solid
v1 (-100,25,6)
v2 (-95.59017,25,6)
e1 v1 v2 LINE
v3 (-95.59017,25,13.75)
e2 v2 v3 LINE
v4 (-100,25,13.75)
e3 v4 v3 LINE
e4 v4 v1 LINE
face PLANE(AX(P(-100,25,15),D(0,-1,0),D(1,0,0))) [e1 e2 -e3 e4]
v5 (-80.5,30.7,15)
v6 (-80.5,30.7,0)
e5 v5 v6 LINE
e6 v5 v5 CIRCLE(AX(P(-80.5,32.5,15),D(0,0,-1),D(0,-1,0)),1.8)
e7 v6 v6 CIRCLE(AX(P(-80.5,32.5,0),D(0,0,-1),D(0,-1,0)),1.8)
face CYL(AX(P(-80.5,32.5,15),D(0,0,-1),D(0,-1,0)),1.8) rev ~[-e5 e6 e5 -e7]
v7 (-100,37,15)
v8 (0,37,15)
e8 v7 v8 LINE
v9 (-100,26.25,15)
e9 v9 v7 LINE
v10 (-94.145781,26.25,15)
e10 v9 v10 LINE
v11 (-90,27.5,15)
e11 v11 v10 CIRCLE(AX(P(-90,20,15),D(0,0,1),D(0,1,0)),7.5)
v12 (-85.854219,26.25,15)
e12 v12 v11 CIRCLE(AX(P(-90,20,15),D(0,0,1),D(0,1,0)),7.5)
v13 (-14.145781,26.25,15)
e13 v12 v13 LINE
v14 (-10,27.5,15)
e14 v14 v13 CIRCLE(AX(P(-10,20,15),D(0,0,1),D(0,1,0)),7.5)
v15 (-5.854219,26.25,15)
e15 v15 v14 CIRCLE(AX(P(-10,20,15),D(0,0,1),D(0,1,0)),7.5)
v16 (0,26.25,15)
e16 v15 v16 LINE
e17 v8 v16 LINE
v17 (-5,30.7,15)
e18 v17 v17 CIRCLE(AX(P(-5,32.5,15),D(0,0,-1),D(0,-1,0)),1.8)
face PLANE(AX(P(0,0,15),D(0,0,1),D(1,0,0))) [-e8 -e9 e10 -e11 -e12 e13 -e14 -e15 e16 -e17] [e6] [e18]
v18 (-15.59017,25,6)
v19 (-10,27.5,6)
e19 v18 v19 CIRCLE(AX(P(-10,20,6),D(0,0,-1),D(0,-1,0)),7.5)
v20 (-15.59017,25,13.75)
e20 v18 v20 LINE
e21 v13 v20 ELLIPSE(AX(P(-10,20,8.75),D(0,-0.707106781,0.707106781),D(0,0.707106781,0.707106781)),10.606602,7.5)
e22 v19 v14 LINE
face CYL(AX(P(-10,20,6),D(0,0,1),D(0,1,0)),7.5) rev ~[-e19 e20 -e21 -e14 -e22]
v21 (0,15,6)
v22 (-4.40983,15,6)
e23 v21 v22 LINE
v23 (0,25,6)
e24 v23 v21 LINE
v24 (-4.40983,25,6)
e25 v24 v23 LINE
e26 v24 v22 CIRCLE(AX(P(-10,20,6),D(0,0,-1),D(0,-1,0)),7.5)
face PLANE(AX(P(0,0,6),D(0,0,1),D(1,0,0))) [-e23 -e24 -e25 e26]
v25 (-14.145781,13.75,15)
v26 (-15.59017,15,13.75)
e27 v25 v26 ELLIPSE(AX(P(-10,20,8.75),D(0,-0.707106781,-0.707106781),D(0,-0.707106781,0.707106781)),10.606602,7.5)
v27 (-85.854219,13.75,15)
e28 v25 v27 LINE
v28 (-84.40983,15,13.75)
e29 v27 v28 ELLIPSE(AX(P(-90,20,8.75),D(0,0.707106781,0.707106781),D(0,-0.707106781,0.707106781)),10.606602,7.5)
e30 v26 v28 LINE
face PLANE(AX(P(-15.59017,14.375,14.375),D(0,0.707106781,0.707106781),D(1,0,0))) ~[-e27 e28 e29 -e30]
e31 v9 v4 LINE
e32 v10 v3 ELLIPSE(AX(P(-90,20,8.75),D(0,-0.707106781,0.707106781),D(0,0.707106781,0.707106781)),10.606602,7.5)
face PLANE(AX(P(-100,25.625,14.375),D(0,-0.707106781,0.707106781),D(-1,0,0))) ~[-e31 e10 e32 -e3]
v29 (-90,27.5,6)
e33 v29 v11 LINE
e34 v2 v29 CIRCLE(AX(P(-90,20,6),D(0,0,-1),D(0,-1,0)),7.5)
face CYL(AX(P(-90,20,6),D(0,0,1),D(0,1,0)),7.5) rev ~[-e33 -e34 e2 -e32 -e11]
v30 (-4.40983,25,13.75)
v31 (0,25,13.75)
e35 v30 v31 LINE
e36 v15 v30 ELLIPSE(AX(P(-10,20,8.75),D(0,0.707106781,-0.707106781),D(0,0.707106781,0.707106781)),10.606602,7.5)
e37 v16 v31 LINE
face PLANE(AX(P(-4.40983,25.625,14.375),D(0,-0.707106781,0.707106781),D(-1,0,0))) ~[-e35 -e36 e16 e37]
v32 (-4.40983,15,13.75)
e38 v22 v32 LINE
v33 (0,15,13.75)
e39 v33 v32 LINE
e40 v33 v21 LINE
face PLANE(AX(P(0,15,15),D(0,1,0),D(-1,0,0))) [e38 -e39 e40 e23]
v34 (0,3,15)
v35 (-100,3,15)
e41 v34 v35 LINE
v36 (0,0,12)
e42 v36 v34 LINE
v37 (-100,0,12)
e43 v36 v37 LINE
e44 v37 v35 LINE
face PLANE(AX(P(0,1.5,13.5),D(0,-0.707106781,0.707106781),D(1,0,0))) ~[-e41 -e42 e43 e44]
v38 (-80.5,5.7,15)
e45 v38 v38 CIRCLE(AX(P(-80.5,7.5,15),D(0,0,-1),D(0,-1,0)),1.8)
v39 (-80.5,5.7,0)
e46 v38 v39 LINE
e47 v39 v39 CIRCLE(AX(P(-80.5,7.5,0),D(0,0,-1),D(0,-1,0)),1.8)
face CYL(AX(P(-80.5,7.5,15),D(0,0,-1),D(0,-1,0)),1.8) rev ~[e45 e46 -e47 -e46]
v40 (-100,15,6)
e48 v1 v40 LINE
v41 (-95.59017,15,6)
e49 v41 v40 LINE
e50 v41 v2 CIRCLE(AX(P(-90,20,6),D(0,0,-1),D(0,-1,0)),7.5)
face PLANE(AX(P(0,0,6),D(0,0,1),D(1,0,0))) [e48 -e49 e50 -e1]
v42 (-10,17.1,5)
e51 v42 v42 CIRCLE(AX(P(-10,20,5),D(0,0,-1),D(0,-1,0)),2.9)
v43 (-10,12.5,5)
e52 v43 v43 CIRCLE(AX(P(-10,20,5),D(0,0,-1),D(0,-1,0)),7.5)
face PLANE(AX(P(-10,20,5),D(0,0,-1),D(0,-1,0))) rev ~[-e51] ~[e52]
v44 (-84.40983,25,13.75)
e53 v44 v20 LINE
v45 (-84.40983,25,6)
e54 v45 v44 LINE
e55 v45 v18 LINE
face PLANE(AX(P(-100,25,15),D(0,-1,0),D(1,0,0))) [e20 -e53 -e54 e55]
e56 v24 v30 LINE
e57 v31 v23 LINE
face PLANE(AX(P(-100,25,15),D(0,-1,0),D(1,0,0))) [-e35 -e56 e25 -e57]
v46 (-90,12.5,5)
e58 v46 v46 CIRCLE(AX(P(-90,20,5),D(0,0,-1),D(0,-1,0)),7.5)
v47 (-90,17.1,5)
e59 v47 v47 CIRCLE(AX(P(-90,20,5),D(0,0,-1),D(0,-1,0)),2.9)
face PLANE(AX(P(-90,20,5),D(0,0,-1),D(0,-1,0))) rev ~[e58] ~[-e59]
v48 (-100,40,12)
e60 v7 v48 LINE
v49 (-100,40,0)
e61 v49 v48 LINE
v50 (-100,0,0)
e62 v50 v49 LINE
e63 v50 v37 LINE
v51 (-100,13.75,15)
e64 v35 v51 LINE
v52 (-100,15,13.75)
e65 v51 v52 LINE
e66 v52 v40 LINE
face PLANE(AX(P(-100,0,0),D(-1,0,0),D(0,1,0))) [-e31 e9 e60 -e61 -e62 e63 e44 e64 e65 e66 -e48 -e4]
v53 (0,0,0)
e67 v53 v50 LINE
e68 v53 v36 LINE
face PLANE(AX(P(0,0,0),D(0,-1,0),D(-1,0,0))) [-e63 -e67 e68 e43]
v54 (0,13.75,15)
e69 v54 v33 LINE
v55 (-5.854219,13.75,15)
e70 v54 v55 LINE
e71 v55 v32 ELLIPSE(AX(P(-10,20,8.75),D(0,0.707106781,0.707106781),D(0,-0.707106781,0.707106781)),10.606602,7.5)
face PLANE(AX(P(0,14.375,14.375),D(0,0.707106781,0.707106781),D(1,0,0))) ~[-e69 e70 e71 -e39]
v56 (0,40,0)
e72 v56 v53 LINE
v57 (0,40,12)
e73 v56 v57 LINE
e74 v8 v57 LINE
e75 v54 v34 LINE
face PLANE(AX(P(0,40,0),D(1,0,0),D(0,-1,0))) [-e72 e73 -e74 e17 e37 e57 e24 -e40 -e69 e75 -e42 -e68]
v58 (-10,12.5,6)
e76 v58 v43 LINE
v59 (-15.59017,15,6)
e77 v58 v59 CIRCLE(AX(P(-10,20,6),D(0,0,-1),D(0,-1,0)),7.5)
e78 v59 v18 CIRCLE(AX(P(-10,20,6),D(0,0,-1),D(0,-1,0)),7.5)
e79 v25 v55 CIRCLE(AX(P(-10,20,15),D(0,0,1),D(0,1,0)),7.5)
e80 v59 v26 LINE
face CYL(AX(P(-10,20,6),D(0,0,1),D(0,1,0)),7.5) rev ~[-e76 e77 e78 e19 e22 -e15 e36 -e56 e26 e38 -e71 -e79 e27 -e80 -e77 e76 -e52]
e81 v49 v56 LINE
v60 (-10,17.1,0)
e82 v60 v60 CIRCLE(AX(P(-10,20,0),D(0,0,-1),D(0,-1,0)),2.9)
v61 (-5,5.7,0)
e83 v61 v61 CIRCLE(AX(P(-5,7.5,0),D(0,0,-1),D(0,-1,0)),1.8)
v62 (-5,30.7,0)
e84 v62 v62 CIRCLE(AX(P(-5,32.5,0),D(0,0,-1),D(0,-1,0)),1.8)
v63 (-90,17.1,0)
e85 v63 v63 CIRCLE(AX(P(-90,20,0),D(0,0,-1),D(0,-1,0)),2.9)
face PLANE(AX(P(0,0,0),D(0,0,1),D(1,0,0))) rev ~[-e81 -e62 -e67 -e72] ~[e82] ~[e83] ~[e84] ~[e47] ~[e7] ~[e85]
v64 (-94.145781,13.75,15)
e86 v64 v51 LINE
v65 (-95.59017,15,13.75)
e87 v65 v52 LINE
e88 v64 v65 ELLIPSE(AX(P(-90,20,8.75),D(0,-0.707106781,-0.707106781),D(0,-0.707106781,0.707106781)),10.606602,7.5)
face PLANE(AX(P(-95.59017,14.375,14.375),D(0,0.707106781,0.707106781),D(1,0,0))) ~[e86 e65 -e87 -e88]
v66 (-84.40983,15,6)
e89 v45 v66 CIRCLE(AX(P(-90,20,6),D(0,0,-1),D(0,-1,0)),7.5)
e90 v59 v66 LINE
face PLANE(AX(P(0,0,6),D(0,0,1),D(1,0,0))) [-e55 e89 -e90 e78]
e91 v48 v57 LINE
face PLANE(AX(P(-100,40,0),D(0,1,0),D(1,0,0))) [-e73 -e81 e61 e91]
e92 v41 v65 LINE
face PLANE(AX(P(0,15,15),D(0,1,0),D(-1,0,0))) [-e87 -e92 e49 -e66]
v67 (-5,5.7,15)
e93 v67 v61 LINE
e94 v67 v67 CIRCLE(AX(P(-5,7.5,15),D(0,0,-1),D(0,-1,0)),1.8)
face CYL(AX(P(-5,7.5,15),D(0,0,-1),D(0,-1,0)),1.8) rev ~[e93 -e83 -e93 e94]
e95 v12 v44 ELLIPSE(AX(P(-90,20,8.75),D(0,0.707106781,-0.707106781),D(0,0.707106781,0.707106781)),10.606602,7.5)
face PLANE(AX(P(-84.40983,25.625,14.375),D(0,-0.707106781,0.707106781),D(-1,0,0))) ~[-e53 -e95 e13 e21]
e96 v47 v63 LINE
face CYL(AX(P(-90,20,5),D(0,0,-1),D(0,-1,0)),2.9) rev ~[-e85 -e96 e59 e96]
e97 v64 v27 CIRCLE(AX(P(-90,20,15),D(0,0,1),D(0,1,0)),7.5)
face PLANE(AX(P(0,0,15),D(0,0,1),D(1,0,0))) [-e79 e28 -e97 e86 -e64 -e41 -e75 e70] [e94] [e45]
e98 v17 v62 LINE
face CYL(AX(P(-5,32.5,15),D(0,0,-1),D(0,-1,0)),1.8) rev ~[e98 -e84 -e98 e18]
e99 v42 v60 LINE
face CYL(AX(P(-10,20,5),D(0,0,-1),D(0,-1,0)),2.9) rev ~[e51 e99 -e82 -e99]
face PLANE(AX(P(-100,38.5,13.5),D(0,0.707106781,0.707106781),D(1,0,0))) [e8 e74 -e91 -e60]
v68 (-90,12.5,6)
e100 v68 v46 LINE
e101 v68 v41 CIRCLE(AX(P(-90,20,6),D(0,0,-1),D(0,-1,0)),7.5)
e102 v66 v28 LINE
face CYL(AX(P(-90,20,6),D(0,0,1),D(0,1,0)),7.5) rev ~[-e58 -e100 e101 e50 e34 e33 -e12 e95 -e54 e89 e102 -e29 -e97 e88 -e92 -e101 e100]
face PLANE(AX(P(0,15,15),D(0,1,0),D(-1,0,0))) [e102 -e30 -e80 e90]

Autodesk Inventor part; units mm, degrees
ref_plane "YZ Plane" through (0, 0, 0) normal (1, 0, 0) x (0, 1, 0)
ref_plane "XZ Plane" through (0, 0, 0) normal (0, 1, 0) x (-1, 0, 0)
ref_plane "XY Plane" through (0, 0, 0) normal (0, 0, 1) x (1, 0, 0)
sketch "Skizze1" plane through (0, 0, 0) normal (0, 0, 1) x (1, 0, 0)
  line L0 (0, 0) -> (-100, 0)
  line L1 (-100, 0) -> (-100, 40)
  line L2 (-100, 40) -> (0, 40)
  line L3 (0, 40) -> (0, 0)
  dimension "d0" = 100
  dimension "d1" = 40
extrude "Extrusion1" add sketch "Skizze1" along normal blind 15
sketch "Skizze2" plane through (0, 0, 15) normal (0, 0, 1) x (1, 0, 0)
  line L0 (-100, 40) -> (-100, 0) projected
  line L1 (-100, 25) -> (0, 25)
  line L2 (0, 25) -> (0, 15)
  line L3 (0, 15) -> (-100, 15)
  line L4 (-100, 15) -> (-100, 25)
  line L5 (0, 40) -> (-100, 40) projected
  line L6 (-100, 0) -> (0, 0) projected
  line L7 (0, 0) -> (0, 40) projected
  dimension "d4" = 15
  dimension "d5" = 15
extrude "Extrusion2" cut sketch "Skizze2" against normal blind 9 contours L1 L2 L3 L0
sketch "Skizze3" plane through (0, 0, 15) normal (0, 0, 1) x (1, 0, 0)
  line L0 (0, 0) -> (0, 15) projected
  line L1 (-100, 0) -> (0, 0) projected
  line L2 (-100, 25) -> (0, 25) projected
  point P0 (-5, 32.5)
  point P1 (-80.5, 32.5)
  point P2 (-5, 7.5)
  point P3 (-80.5, 7.5)
  dimension "d8" = 75.5
  dimension "d9" = 5
  dimension "d10" = 7.5
  dimension "d11" = 7.5
hole "Bohrung1" at (-5, 32.5, 15) at (-80.5, 32.5, 15) at (-5, 7.5, 15) at (-80.5, 7.5, 15) direction (0, 0, -1) diameter 3.6 end through all clearance for "Flachkopfsenkschraube DIN EN ISO 2009" size "M3" standard "DIN"
sketch "Skizze4" plane through (0, 0, 6) normal (0, 0, 1) x (1, 0, 0)
  line L0 (-100, 15) -> (-100, 25) projected
  line L1 (0, 15) -> (-100, 15) projected
  point P0 (0, 0)
  point P1 (-10, 20)
  point P2 (-90, 20)
  dimension "d19" = 80
  dimension "d20" = 10
  dimension "d21" = 5
hole "Bohrung2" at (-10, 20, 6) at (-90, 20, 6) direction (0, 0, -1) diameter 5.8 end through all counterbore diameter 15 counterbore depth 1 clearance for "Sechskantkopfschraube DIN EN 24017" size "M5" standard "DIN"
hole "Bohrung3" at (-10, 20, 6) at (-90, 20, 6) direction (0, 0, 1) diameter 15 end through all
chamfer "Fase1" distance 3 angle 45 2 edges at (-50, 0, 15) (-50, 40, 15)
chamfer "Fase2" distance 1.25 angle 45 6 edges at (-97.7951, 25, 15) (-2.2049, 25, 15) (-50, 25, 15) (-97.7951, 15, 15) (-2.2049, 15, 15) (-50, 15, 15)
equation "\"d11\" = d10"
properties part number "pcb_x_carriage_addon"
